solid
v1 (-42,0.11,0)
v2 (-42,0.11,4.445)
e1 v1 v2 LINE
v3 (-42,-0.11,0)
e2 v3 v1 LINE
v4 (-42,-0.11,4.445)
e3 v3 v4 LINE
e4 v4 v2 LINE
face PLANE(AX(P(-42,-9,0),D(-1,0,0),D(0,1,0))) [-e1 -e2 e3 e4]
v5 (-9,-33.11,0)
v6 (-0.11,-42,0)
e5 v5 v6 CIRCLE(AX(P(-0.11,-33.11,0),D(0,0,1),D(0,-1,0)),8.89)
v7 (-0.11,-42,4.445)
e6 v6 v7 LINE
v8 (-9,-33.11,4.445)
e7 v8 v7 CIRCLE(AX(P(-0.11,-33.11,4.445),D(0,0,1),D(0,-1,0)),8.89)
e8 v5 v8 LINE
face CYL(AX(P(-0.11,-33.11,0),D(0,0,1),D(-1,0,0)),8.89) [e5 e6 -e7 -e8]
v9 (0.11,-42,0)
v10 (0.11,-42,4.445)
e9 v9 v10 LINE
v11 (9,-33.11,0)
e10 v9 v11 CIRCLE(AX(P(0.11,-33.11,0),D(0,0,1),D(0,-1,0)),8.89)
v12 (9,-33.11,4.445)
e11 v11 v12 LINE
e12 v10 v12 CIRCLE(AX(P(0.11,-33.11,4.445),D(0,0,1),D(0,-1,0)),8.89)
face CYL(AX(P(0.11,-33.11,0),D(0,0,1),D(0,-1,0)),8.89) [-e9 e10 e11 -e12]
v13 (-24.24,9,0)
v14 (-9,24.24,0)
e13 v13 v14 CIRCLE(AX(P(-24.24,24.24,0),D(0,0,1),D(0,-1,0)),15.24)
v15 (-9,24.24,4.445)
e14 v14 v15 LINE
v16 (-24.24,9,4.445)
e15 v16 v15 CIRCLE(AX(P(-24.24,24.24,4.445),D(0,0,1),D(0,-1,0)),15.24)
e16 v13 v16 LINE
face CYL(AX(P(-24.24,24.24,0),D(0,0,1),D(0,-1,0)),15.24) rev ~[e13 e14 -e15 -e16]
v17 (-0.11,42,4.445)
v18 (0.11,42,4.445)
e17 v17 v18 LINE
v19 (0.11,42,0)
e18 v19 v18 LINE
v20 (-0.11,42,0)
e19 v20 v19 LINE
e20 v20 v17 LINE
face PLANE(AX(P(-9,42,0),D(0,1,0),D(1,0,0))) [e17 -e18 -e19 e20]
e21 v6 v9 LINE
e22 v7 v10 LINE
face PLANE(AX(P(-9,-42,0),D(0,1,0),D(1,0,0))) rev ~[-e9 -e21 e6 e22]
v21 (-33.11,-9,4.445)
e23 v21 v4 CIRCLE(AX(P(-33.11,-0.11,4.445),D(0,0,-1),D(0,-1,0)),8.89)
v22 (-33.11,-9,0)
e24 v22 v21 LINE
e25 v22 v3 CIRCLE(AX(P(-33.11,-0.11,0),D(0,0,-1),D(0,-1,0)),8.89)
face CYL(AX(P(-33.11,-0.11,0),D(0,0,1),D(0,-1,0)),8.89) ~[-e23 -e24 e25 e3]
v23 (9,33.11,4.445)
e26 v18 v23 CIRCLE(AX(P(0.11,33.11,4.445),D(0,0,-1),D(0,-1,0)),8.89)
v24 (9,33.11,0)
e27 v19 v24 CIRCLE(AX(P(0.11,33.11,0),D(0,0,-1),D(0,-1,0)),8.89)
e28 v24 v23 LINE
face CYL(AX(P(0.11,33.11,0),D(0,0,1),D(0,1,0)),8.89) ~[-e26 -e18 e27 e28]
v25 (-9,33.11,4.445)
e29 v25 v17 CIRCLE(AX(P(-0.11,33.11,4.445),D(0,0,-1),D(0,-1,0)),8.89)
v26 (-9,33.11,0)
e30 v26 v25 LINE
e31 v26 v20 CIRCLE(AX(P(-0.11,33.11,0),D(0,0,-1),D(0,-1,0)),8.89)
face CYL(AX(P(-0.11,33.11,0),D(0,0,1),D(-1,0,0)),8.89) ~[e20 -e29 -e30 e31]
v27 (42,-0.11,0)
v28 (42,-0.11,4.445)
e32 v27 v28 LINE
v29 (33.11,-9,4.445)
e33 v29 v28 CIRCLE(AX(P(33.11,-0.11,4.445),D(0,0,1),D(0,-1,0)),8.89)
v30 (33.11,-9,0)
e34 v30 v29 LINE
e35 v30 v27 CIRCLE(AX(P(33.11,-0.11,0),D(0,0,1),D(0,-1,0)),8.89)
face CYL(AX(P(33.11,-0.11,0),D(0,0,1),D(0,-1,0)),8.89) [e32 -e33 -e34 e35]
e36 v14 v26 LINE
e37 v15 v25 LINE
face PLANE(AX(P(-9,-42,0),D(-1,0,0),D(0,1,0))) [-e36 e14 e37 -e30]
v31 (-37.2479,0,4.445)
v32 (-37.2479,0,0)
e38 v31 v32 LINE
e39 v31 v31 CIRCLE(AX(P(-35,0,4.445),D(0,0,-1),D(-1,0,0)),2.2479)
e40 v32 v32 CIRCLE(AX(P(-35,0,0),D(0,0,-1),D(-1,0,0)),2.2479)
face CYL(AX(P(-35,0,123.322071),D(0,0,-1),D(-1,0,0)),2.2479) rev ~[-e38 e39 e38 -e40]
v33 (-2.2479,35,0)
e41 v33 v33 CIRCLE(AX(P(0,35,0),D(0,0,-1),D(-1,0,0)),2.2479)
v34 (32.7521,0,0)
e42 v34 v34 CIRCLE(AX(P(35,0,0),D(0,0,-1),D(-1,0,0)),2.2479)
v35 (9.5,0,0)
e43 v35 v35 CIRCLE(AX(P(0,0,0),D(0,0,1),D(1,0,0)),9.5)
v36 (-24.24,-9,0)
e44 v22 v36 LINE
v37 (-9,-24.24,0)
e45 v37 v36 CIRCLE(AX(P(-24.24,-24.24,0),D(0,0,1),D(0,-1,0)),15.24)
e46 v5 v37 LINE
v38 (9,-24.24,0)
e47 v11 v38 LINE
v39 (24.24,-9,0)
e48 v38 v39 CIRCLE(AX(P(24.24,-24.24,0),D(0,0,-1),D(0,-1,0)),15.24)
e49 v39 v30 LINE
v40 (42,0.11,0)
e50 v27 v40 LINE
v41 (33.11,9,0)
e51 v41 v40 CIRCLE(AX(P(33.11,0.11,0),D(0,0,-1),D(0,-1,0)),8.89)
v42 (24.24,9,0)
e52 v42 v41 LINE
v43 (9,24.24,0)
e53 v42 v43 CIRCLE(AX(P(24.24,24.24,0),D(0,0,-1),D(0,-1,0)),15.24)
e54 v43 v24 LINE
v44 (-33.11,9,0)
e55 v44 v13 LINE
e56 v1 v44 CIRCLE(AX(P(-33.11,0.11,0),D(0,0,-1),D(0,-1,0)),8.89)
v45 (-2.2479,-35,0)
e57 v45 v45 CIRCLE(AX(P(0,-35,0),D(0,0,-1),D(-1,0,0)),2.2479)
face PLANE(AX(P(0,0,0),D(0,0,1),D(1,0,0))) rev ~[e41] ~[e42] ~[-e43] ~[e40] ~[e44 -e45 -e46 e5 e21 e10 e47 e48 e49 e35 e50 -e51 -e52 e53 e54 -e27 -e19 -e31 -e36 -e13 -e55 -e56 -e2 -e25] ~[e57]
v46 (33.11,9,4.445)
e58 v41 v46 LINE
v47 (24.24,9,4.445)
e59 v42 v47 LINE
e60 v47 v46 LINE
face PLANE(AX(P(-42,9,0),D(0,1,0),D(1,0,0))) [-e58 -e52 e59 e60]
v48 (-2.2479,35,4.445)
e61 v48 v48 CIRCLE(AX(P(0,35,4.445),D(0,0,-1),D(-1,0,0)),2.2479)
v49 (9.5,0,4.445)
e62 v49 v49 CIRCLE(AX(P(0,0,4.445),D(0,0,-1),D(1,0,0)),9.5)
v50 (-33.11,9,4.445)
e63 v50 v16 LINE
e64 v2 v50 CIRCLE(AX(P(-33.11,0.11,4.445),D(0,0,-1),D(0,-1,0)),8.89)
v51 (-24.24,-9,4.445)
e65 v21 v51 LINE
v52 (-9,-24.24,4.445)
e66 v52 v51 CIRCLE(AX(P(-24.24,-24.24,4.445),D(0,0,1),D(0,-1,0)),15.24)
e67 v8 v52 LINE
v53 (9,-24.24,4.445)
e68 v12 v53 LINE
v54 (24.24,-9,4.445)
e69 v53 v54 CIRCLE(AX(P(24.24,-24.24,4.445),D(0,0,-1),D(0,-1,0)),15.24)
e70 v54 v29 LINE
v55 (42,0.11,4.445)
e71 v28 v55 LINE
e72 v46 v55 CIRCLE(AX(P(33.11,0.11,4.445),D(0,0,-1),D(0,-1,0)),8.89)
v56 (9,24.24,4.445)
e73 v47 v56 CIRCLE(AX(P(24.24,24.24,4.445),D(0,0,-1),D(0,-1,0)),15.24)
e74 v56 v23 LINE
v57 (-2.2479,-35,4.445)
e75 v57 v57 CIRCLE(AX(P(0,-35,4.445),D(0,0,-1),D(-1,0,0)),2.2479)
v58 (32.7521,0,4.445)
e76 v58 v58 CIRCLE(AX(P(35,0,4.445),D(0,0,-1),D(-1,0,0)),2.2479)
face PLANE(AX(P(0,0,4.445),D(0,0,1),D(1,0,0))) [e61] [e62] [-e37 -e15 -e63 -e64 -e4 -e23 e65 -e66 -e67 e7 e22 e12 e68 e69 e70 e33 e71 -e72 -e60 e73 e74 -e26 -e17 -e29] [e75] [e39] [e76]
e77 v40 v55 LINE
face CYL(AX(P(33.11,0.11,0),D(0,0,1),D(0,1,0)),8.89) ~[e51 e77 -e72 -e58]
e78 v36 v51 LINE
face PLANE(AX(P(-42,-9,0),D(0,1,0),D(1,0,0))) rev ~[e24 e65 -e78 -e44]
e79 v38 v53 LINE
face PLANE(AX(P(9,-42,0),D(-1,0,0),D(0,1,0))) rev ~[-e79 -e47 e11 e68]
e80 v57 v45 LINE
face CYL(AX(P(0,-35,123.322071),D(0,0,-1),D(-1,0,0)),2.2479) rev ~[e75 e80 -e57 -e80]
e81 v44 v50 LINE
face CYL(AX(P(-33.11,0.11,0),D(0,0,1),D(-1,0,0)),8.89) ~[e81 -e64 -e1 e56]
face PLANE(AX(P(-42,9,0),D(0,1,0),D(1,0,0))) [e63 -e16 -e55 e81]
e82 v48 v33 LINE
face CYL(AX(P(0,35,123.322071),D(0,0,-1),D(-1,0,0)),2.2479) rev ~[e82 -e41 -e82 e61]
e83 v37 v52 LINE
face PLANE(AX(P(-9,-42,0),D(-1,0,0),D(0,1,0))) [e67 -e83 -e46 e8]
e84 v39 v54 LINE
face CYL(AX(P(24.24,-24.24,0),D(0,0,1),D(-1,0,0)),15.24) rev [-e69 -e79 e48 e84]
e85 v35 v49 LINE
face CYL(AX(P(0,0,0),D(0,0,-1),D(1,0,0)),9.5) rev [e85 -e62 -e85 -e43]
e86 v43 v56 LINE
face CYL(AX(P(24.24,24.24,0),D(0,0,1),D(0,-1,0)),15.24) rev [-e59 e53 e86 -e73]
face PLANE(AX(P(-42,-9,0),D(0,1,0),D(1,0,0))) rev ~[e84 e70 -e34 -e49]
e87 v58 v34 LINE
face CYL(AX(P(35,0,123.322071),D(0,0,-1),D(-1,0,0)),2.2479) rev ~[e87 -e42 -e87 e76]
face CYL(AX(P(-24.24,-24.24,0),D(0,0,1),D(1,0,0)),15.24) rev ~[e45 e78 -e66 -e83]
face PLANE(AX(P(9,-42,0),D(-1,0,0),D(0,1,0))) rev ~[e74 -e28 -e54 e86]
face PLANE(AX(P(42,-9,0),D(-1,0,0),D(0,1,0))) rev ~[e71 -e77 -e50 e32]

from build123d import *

# Parameters (mm, degrees)
F0_W     = 84
F0_H     = 18
F1_DEPTH = 4.445
F2_W     = 18
F2_H     = 84
F3_DEPTH = 4.445
F4_R     = 8.89
F6_D     = 4.4958
F7_R     = 9.5
F8_DEPTH = 4.446
F9_R     = 15.24


with BuildPart() as f1:
    # F0 (on Top) → F1 (new body)
    with BuildSketch(Plane.XY):
        Rectangle(F0_W, F0_H)
    extrude(amount=F1_DEPTH)

    # F2 (on Top) → F3 (join, through all)
    with BuildSketch(Plane.XY):
        Rectangle(F2_W, F2_H)
    extrude(amount=F3_DEPTH)

    # F4
    f4_edges = [f1.edges().sort_by_distance(p)[0] for p in [
        (9, -42, 2.2225),
        (-9, -42, 2.2225),
        (42, -9, 2.2225),
        (42, 9, 2.2225),
        (9, 42, 2.2225),
        (-42, -9, 2.2225),
        (-42, 9, 2.2225),
        (-9, 42, 2.2225),
    ]]
    fillet(f4_edges, radius=F4_R)

    # F6 (through all)
    with Locations(Plane.XY.offset(4.445)):
        with Locations((35, 0), (0, -35), (-35, 0), (0, 35)):
            Hole(F6_D / 2)

    # F7 (on Top) → F8 (cut, through all)
    with BuildSketch(Plane.XY):
        Circle(F7_R)
    extrude(amount=F8_DEPTH, mode=Mode.SUBTRACT)

    # F9
    f9_edges = [f1.edges().sort_by_distance(p)[0] for p in [
        (9, 9, 2.2225),
        (9, -9, 2.2225),
        (-9, -9, 2.2225),
        (-9, 9, 2.2225),
    ]]
    fillet(f9_edges, radius=F9_R)


solid = f1.part
